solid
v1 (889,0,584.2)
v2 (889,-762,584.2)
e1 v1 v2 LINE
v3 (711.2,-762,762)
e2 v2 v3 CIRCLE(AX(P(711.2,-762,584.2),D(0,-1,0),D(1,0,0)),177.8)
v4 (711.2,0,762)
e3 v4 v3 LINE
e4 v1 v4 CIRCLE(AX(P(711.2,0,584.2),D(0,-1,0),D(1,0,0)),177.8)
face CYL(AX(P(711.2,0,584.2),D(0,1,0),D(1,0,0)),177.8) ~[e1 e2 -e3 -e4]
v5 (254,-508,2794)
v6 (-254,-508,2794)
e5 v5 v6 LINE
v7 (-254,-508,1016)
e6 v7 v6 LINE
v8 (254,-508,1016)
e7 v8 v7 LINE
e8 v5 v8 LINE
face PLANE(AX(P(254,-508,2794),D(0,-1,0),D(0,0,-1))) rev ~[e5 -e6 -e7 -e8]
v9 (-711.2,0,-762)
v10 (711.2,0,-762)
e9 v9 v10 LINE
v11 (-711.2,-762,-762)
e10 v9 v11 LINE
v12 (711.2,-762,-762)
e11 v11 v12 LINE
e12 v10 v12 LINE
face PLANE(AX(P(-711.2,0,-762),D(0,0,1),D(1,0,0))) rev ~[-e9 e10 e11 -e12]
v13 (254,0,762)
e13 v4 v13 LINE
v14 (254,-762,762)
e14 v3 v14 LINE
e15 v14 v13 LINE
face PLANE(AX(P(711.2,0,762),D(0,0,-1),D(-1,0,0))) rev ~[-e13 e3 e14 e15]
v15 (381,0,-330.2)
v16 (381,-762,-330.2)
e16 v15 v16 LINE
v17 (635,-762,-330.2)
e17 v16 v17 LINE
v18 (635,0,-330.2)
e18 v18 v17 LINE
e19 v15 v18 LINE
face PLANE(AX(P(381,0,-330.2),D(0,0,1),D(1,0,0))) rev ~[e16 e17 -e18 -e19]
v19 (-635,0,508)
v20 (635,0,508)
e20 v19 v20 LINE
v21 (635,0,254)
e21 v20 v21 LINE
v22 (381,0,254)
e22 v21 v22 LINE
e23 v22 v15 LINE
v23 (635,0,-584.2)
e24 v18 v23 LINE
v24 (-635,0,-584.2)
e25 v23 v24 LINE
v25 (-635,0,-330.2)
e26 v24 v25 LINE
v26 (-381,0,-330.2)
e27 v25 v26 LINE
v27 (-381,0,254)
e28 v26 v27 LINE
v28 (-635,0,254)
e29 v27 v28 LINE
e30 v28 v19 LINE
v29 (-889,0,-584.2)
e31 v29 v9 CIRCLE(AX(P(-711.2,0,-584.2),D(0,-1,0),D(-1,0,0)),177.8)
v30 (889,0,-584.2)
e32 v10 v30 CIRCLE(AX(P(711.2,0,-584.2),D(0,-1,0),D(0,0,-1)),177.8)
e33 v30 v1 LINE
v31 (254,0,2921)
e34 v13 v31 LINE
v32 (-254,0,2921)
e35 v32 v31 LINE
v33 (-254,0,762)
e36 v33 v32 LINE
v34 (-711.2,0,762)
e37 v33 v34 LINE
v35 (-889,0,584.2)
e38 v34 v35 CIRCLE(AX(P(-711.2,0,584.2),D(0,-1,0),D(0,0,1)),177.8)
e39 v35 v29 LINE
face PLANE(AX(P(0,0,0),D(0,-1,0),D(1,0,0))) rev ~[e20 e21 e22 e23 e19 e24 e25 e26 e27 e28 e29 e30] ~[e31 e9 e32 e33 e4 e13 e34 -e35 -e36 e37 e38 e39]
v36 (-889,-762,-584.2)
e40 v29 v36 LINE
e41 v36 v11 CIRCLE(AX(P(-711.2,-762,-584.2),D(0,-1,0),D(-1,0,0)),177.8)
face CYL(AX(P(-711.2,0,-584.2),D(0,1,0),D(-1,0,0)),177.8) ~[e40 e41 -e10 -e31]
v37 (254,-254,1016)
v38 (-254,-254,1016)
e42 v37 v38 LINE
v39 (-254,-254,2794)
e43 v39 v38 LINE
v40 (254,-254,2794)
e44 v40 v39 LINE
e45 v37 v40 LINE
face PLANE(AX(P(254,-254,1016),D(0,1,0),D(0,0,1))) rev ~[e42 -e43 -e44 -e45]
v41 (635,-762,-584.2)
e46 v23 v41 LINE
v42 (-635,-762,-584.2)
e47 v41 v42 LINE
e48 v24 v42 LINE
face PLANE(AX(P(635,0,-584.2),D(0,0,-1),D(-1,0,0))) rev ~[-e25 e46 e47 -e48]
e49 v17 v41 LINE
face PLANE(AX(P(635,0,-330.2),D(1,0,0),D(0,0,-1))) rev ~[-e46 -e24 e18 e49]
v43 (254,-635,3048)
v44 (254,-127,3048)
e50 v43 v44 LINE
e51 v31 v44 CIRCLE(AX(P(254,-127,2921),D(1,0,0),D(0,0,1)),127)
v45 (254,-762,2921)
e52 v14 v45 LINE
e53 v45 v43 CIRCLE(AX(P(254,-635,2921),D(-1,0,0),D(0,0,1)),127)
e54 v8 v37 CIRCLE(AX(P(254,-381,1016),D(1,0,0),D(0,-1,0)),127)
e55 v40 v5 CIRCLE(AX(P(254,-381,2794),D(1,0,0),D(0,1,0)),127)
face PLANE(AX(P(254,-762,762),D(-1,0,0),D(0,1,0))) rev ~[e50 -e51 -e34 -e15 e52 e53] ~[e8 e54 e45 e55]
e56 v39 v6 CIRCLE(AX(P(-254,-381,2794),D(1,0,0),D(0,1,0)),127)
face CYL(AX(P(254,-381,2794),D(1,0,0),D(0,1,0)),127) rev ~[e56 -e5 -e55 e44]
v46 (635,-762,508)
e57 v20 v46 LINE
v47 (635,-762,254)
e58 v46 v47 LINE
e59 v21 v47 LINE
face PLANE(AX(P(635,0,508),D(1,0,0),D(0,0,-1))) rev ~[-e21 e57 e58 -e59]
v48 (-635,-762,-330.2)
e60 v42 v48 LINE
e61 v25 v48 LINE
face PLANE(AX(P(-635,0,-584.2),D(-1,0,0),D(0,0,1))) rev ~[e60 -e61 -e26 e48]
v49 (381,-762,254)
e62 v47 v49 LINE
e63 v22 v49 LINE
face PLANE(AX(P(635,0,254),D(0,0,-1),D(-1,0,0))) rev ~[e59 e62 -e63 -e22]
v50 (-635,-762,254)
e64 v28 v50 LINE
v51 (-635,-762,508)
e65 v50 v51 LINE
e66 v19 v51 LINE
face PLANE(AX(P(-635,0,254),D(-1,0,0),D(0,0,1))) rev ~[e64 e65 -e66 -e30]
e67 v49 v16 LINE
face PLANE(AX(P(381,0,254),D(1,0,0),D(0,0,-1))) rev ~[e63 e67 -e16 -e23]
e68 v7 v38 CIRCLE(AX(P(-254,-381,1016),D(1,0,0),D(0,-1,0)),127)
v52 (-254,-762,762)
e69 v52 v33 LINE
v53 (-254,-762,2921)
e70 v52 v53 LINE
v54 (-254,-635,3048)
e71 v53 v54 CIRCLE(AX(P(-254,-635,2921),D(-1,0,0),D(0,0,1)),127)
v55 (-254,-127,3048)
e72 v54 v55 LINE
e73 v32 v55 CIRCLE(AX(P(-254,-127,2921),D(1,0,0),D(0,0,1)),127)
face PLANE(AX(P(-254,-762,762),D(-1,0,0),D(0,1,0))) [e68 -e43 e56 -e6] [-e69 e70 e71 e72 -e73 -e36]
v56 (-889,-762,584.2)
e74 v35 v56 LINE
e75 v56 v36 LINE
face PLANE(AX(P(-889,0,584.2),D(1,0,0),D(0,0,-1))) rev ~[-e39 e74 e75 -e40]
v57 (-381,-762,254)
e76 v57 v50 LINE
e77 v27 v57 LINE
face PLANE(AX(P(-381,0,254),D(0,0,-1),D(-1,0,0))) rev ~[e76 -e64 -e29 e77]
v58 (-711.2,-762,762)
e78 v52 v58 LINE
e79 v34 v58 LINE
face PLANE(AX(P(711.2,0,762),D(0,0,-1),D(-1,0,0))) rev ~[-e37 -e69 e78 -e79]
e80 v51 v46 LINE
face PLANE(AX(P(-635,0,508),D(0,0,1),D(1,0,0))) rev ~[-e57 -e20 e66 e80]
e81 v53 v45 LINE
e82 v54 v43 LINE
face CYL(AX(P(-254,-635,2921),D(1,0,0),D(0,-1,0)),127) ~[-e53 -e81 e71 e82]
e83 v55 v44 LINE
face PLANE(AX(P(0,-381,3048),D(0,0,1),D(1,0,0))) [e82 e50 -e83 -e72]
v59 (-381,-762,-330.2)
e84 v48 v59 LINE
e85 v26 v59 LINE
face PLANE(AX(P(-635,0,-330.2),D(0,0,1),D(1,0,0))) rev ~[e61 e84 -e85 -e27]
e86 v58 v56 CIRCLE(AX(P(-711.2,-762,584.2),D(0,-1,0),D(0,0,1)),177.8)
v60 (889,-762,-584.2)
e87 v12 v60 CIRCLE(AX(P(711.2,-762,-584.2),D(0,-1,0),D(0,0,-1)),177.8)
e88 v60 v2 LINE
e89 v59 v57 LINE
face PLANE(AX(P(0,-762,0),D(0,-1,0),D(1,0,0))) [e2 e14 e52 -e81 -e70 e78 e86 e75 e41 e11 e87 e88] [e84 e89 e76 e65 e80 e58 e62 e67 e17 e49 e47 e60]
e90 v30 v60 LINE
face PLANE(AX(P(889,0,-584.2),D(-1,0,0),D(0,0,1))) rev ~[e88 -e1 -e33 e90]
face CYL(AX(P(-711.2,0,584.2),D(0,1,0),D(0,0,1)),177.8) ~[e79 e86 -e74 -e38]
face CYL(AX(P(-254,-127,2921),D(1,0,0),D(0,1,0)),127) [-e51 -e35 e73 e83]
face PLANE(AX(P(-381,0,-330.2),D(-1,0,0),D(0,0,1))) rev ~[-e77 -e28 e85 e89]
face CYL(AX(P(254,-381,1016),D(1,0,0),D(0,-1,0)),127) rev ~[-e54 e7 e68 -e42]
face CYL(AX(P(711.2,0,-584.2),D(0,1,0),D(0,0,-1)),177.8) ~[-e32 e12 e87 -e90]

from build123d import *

# Parameters (mm, degrees)
F1_DEPTH = 762
F2_W     = 508
F2_H     = 762
F3_DEPTH = 2286
F4_R     = 127
F6_DEPTH = 1648.46


with BuildPart() as f1:
    # F0 (on Front) → F1 (new body)
    with BuildSketch(Plane.XZ):
        with BuildLine():
            Line((711.2, 762), (-711.2, 762))
            ThreePointArc((-711.2, 762), (-836.923585695, 709.923585695), (-889, 584.2))
            Line((-889, 584.2), (-889, -584.2))
            ThreePointArc((-889, -584.2), (-836.923585695, -709.923585695), (-711.2, -762))
            Line((-711.2, -762), (711.2, -762))
            ThreePointArc((711.2, -762), (836.923585695, -709.923585695), (889, -584.2))
            Line((889, -584.2), (889, 584.2))
            ThreePointArc((889, 584.2), (836.923585695, 709.923585695), (711.2, 762))
        make_face()
        Polygon((635, -584.2), (-635, -584.2), (-635, -330.2), (-381, -330.2), (-381, 177.8), (-381, 254), (-635, 254), (-635, 508), (635, 508), (635, 254), (381, 254), (381, 177.8), (381, -330.2), (635, -330.2), align=None, mode=Mode.SUBTRACT)
    extrude(amount=F1_DEPTH)

    # F2 (on face) → F3 (join)
    with BuildSketch(Plane.XY.offset(762)):
        with Locations((0, -381)):
            Rectangle(F2_W, F2_H)
    extrude(amount=F3_DEPTH)

    # F4
    f4_edges = [f1.edges().sort_by_distance(p)[0] for p in [
        (0, -762, 3048),
        (0, 0, 3048),
    ]]
    fillet(f4_edges, radius=F4_R)


with BuildPart() as f6:
    # F5 (on face) → F6 (new body)
    with BuildSketch(Plane.YZ.offset(254)):
        with BuildLine():
            Line((-254, 1016), (-254, 2794))
            ThreePointArc((-254, 2794), (-381, 2921), (-508, 2794))
            Line((-508, 2794), (-508, 1016))
            ThreePointArc((-508, 1016), (-381, 889), (-254, 1016))
        make_face()
    extrude(amount=-F6_DEPTH)


with BuildPart() as f1_1:
    add(f1.part)

    # F7: cut F6
    add(f6.part, mode=Mode.SUBTRACT)


solid = f1_1.part
